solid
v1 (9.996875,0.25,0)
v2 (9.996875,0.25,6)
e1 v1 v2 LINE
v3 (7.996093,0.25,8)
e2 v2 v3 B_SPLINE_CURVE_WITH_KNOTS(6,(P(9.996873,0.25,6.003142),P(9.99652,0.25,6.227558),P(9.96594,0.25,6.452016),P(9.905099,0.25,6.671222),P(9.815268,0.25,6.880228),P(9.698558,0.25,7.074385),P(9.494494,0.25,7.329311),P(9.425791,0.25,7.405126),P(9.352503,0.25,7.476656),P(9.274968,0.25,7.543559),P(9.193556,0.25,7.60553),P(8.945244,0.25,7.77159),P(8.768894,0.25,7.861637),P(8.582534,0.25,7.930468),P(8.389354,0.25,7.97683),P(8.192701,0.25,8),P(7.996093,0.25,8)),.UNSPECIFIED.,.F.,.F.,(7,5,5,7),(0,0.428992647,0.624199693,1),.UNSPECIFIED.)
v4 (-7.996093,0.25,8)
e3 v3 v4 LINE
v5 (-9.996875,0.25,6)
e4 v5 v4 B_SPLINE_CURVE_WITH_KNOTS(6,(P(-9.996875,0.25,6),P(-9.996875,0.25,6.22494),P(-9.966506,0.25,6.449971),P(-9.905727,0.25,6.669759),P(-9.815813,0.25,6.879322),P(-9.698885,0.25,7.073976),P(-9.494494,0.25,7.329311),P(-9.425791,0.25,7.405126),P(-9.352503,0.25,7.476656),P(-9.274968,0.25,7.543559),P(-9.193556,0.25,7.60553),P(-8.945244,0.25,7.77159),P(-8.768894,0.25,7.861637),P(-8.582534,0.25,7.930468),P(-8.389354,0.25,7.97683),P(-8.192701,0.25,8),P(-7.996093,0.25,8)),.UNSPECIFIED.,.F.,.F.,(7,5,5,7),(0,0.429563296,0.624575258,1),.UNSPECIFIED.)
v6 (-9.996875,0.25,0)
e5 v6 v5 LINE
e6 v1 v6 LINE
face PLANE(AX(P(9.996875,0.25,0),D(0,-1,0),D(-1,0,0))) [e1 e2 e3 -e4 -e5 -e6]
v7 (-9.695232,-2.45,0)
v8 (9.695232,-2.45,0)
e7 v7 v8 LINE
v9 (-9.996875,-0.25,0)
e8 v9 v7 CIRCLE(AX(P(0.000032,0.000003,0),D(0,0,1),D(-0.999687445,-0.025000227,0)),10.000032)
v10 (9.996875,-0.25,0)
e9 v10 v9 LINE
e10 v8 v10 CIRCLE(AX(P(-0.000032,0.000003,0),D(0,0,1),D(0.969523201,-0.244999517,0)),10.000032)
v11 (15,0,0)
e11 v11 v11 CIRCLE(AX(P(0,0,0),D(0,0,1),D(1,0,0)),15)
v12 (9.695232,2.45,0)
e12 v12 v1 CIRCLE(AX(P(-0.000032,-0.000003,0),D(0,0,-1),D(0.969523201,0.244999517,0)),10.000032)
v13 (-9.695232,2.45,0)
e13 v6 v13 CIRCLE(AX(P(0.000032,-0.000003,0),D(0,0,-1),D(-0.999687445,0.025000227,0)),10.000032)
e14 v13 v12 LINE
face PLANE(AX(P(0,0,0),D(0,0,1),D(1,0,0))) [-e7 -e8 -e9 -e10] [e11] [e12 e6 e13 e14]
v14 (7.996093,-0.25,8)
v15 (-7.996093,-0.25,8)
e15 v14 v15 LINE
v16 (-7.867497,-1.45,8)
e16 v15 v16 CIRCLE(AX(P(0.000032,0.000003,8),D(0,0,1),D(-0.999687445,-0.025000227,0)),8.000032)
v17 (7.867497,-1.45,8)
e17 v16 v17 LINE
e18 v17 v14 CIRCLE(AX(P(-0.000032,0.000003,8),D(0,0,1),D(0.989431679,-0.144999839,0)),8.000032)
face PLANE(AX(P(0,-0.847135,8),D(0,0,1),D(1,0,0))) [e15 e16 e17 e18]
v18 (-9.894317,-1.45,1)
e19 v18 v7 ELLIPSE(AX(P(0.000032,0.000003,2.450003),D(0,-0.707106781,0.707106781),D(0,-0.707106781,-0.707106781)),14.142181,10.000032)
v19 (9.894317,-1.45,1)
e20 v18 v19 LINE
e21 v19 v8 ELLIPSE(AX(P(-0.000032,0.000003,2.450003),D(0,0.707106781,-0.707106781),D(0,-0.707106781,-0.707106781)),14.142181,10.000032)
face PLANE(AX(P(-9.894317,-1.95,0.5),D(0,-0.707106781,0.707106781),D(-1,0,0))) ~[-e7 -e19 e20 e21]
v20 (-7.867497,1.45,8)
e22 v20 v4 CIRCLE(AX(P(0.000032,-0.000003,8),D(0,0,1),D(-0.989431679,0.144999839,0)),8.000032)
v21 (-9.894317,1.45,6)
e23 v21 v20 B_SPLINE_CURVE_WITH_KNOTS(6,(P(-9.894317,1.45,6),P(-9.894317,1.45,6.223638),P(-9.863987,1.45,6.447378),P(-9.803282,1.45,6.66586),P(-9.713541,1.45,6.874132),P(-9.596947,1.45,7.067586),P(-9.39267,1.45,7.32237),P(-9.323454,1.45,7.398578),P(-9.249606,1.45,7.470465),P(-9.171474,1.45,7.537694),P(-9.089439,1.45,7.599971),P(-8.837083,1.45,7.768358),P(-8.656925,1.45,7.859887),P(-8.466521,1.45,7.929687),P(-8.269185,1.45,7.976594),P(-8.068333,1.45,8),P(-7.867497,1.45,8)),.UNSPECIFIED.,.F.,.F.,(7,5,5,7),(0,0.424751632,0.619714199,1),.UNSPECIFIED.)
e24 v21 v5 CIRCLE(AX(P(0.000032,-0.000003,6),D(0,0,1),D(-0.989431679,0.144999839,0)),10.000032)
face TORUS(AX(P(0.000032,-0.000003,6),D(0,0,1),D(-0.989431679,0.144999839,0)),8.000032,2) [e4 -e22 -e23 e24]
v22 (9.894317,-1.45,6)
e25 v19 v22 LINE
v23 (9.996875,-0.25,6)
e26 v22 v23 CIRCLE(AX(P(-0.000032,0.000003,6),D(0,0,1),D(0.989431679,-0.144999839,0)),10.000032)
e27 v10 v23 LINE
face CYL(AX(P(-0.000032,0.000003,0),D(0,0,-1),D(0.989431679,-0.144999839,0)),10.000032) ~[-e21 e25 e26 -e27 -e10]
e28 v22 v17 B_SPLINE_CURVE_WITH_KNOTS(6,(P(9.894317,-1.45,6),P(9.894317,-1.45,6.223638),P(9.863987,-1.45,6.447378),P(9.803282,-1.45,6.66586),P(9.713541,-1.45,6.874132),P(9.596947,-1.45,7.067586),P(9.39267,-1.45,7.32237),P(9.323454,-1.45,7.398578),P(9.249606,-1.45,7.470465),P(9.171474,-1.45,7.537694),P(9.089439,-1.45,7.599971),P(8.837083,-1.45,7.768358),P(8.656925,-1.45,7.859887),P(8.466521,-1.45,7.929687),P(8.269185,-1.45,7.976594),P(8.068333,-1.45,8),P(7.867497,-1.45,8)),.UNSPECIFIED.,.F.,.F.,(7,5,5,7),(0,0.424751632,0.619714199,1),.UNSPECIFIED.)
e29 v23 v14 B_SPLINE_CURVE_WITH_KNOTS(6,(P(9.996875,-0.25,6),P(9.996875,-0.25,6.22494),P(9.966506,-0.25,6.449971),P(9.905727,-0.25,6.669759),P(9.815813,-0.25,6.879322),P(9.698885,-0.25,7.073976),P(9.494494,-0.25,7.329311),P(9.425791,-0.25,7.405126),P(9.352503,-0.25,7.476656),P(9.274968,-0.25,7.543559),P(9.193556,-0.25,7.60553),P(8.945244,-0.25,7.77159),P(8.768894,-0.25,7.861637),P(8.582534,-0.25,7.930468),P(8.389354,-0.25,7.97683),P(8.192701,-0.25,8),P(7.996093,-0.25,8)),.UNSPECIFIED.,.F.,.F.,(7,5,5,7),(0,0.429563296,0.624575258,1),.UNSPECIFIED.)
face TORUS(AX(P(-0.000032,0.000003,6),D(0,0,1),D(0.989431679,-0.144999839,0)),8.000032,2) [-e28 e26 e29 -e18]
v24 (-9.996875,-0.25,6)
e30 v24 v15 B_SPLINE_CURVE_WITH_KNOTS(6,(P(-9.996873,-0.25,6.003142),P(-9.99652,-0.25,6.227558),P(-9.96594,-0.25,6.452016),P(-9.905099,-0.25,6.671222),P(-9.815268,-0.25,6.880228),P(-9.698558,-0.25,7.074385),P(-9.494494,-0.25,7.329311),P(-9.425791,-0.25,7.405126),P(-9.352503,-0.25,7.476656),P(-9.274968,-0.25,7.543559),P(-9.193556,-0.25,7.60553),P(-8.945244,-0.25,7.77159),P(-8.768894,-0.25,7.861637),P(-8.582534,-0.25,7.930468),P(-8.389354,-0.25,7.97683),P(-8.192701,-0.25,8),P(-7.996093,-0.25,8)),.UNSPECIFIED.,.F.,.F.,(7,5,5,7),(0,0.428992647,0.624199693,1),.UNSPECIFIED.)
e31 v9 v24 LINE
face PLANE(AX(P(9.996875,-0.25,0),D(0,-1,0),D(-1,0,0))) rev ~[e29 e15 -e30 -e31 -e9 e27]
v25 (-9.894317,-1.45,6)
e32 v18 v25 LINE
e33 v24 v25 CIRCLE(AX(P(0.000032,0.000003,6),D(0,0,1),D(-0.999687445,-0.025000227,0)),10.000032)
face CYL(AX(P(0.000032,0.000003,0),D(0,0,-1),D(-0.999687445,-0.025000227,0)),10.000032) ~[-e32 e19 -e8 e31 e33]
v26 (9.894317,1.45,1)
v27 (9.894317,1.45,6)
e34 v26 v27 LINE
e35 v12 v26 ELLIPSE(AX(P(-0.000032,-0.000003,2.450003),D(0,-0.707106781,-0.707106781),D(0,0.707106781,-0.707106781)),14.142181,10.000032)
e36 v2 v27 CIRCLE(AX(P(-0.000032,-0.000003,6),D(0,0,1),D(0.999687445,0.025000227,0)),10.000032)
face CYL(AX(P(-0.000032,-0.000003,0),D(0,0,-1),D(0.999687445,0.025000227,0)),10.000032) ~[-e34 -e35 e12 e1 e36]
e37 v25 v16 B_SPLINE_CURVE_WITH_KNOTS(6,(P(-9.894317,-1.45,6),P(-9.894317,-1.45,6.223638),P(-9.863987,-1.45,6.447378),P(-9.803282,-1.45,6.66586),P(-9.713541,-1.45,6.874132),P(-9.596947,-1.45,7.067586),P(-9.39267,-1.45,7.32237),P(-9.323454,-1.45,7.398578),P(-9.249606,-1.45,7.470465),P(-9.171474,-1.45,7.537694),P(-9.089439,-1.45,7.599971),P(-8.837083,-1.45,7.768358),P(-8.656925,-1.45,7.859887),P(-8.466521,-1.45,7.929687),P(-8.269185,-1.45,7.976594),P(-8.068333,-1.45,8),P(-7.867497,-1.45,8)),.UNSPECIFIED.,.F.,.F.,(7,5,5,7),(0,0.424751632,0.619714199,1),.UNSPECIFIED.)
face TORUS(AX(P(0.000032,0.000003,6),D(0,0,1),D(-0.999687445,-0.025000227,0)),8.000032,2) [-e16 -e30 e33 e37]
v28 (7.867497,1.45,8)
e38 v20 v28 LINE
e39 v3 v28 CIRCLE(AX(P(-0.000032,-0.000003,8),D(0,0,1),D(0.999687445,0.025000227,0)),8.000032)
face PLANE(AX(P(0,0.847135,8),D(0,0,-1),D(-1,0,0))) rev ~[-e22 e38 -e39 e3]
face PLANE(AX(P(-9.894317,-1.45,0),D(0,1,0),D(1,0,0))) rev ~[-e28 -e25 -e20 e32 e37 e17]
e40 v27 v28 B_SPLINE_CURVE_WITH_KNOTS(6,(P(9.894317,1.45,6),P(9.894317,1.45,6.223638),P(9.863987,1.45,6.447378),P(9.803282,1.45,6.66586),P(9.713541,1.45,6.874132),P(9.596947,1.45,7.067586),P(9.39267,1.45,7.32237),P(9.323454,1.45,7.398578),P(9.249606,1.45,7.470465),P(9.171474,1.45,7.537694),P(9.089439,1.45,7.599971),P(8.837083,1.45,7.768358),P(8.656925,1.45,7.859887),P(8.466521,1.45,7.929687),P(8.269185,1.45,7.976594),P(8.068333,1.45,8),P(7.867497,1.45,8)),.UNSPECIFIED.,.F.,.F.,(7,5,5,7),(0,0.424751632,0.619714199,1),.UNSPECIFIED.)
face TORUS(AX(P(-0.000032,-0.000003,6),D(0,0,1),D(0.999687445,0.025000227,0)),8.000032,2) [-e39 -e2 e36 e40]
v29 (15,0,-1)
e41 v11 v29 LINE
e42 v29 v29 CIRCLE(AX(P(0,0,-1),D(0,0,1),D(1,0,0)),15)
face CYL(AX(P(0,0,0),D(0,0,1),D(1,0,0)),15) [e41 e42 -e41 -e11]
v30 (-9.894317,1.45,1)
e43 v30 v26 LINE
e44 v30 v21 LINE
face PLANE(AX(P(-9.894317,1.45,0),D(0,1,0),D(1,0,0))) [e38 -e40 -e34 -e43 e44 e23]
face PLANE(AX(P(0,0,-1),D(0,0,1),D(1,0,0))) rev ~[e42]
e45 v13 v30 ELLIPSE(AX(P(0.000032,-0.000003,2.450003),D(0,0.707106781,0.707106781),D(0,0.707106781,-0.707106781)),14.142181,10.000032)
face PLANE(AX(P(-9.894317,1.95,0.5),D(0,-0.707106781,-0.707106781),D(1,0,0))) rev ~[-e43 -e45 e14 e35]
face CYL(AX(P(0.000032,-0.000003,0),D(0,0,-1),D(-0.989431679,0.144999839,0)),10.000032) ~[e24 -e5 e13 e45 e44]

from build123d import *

# Parameters (mm, degrees)
SKETCH_R     = 15
PAD_DEPTH    = 1
PAD001_DEPTH = 8
FILLET_R     = 2
CHAMFER_SIZE = 1


with BuildPart() as part:
    # Sketch → Pad (new body)
    with BuildSketch(Plane.XY):
        Circle(SKETCH_R)
    extrude(amount=-PAD_DEPTH)

    # Sketch001 → Pad001 (join)
    with BuildSketch(Plane.XY):
        with BuildLine():
            Line((-9.894317, 1.45), (9.894317, 1.45))
            ThreePointArc((9.996875, 0.25), (9.963678, 0.851545), (9.894317, 1.45))
            Line((9.996875, 0.25), (-9.996875, 0.25))
            ThreePointArc((-9.894317, 1.45), (-9.963678, 0.851545), (-9.996875, 0.25))
        make_face()
        with BuildLine():
            Line((-9.894317, -1.45), (9.894317, -1.45))
            ThreePointArc((9.894317, -1.45), (9.963678, -0.851545), (9.996875, -0.25))
            Line((9.996875, -0.25), (-9.996875, -0.25))
            ThreePointArc((-9.996875, -0.25), (-9.963678, -0.851545), (-9.894317, -1.45))
        make_face()
    extrude(amount=PAD001_DEPTH)

    # Fillet
    fillet_edges = [part.edges().sort_by_distance(p)[0] for p in [
        (9.963678, -0.851545, 8),
        (-9.963678, -0.851545, 8),
        (-9.963678, 0.851545, 8),
        (9.963678, 0.851545, 8),
    ]]
    fillet(fillet_edges, radius=FILLET_R)

    # Chamfer
    chamfer_edges = [part.edges().sort_by_distance(p)[0] for p in [
        (0, 1.45, 0),
        (0, -1.45, 0),
    ]]
    chamfer(chamfer_edges, length=CHAMFER_SIZE)


solid = part.part
